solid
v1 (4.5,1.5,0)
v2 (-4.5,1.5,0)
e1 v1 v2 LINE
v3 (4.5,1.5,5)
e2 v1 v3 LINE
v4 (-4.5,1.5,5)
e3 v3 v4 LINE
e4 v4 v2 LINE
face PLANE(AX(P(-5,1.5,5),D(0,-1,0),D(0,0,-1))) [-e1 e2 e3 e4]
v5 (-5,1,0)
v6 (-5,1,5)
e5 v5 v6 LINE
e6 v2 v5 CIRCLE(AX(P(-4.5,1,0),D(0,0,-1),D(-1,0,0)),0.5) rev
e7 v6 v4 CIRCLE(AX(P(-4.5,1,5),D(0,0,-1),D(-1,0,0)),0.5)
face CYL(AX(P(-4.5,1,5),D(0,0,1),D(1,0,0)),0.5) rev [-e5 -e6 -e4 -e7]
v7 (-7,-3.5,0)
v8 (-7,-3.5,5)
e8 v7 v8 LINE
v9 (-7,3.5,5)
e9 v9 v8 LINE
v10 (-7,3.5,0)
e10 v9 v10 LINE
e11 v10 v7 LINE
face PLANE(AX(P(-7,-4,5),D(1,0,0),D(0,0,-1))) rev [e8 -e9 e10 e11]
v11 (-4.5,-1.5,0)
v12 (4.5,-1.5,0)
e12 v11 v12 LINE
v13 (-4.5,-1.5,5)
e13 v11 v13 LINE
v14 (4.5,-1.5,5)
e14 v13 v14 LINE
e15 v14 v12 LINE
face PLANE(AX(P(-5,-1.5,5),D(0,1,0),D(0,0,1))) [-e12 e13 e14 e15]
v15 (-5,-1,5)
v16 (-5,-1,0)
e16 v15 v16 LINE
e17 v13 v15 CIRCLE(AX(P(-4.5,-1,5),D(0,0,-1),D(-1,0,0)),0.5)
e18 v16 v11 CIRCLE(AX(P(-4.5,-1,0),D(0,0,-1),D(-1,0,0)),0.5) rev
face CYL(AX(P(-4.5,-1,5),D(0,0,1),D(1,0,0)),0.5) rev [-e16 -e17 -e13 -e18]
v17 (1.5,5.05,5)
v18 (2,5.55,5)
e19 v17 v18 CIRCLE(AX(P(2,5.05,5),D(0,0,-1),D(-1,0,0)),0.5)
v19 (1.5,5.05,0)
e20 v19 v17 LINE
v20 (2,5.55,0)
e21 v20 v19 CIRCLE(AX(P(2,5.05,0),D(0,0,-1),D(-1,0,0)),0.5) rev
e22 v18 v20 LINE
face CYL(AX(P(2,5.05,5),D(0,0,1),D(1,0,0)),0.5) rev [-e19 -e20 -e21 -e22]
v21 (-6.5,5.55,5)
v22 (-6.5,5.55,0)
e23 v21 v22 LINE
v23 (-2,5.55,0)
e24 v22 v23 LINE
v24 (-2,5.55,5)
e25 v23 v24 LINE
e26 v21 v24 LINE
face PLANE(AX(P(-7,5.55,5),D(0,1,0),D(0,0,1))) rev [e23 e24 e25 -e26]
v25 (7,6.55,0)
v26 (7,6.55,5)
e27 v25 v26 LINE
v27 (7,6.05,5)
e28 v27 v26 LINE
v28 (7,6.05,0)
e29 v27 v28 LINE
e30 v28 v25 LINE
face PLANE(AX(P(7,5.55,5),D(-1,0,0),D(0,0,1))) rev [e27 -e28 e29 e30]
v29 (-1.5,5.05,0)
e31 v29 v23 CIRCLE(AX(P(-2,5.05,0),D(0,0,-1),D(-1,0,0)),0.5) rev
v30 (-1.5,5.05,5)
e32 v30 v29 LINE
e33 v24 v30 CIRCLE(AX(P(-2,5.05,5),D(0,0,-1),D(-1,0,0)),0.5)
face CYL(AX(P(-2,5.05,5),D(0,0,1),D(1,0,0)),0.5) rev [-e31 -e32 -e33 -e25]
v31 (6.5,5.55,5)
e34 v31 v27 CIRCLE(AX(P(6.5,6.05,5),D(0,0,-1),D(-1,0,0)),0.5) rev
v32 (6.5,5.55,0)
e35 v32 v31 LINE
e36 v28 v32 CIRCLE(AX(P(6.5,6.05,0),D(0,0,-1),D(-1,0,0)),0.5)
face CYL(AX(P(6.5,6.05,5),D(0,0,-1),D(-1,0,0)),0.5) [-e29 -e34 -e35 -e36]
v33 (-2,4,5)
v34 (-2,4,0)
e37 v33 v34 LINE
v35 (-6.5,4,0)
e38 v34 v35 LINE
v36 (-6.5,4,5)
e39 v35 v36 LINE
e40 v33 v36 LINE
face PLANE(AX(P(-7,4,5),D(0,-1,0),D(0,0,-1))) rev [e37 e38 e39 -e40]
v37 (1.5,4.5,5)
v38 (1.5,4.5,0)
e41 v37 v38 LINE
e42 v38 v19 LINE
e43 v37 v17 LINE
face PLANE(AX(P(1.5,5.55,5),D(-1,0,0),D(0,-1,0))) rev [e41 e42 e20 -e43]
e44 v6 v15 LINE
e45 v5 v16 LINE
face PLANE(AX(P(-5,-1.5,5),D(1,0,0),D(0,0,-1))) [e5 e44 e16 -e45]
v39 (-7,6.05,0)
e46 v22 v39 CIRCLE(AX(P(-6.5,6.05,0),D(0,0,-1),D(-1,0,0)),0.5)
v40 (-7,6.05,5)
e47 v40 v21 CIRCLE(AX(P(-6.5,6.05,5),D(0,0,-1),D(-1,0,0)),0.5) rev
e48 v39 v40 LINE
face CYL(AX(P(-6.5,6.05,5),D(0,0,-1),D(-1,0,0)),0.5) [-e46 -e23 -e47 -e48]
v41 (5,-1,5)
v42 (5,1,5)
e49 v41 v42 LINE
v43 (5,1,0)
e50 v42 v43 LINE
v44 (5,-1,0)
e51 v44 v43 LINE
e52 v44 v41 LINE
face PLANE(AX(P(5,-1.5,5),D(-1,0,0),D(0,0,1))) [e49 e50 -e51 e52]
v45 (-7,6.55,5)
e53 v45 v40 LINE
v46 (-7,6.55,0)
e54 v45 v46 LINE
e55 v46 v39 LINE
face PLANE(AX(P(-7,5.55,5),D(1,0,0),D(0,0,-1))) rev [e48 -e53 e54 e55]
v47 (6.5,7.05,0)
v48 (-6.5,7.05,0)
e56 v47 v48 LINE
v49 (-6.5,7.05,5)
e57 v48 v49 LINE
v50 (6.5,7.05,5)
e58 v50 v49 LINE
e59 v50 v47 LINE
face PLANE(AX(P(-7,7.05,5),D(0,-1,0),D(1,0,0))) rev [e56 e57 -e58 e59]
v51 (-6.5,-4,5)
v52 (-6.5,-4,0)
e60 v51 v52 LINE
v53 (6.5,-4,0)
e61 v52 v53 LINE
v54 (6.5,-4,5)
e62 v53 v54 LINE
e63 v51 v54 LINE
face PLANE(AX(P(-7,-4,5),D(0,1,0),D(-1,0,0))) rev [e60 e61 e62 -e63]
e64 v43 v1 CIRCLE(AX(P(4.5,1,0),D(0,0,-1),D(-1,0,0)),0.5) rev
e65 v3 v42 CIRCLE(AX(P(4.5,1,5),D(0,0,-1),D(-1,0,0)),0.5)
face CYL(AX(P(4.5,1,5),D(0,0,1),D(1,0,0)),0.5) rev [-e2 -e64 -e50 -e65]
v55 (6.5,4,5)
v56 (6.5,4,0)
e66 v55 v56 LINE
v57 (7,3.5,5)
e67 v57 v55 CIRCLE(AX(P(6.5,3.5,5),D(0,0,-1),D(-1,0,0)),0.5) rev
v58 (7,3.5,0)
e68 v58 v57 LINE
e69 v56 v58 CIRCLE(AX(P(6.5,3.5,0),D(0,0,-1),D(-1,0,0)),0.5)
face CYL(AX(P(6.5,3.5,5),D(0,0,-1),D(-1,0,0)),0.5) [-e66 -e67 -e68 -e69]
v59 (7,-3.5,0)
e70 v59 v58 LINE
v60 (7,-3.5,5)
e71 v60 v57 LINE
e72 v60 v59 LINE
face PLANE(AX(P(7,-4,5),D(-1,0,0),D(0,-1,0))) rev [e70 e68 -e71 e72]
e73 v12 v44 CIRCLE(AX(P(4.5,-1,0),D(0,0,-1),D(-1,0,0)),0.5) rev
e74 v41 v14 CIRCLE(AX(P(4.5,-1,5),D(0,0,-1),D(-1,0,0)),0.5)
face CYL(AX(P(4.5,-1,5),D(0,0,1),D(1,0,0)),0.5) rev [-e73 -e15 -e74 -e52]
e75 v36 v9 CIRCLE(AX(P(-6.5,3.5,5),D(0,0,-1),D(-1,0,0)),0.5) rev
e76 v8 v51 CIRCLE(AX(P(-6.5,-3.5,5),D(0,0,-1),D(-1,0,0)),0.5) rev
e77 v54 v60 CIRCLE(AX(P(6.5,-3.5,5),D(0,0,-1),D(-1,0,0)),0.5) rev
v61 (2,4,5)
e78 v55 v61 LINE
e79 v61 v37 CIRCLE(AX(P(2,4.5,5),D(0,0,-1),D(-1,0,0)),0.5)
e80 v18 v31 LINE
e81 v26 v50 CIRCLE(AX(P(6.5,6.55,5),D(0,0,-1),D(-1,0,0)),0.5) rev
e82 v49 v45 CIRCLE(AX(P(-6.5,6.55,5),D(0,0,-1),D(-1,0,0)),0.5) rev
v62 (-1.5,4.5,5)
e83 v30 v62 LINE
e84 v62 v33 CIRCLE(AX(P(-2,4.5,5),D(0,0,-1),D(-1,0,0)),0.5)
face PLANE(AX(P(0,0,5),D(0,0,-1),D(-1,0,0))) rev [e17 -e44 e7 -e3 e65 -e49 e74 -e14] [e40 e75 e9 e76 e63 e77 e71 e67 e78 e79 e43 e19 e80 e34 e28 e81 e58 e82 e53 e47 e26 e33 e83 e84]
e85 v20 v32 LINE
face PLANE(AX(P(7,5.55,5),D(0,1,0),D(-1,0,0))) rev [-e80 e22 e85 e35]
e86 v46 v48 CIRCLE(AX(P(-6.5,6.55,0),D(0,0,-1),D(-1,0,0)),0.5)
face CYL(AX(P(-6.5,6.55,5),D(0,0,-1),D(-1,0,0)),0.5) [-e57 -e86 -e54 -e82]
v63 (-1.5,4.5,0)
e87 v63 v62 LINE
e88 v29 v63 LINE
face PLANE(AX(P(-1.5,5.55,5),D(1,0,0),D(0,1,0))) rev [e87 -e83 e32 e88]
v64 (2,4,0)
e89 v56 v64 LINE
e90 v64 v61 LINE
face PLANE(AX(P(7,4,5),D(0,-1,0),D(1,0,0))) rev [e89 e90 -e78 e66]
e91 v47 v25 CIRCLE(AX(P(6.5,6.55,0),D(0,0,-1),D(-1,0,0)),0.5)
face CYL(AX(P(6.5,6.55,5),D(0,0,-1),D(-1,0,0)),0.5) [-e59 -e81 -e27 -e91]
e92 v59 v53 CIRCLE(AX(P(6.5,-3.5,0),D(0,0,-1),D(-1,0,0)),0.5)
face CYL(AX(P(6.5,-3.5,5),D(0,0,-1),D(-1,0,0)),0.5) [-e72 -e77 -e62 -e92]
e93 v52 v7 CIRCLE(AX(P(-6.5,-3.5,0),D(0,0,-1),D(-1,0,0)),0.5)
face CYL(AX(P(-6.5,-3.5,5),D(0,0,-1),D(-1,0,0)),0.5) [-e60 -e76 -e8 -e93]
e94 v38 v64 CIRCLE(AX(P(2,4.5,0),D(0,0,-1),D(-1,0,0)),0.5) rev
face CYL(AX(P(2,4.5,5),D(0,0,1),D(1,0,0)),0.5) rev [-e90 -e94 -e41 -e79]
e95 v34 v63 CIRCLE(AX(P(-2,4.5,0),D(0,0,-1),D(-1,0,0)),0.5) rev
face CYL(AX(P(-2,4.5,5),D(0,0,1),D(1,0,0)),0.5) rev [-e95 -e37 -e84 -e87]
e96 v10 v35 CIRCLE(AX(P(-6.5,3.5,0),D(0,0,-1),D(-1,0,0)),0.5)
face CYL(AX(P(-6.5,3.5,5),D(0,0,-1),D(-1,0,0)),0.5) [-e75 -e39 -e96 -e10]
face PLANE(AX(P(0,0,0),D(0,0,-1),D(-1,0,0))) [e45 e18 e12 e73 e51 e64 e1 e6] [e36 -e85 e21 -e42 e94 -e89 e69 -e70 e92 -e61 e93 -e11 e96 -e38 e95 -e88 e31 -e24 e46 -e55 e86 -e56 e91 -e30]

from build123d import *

# Parameters (mm, degrees)
SKETCH1_W           = 10
SKETCH1_H           = 3
BOSS_EXTRUDE1_DEPTH = 5
FILLET2_R           = 0.5


with BuildPart() as part:
    # Sketch1 → Boss-Extrude1 (new body)
    with BuildSketch(Plane.XY):
        Polygon((-7, -4), (7, -4), (7, 4), (1.5, 4), (1.5, 5.55), (7, 5.55), (7, 7.05), (-7, 7.05), (-7, 5.55), (-1.5, 5.55), (-1.5, 4), (-7, 4), align=None)
        Rectangle(SKETCH1_W, SKETCH1_H, mode=Mode.SUBTRACT)
    extrude(amount=BOSS_EXTRUDE1_DEPTH)

    # Fillet2
    fillet2_edges = [part.edges().sort_by_distance(p)[0] for p in [
        (-7, 4, 2.5),
        (-1.5, 4, 2.5),
        (-1.5, 5.55, 2.5),
        (-7, 5.55, 2.5),
        (-7, 7.05, 2.5),
        (7, 7.05, 2.5),
        (7, 5.55, 2.5),
        (1.5, 5.55, 2.5),
        (1.5, 4, 2.5),
        (7, 4, 2.5),
        (7, -4, 2.5),
        (-7, -4, 2.5),
        (-5, 1.5, 2.5),
        (-5, -1.5, 2.5),
        (5, -1.5, 2.5),
        (5, 1.5, 2.5),
    ]]
    fillet(fillet2_edges, radius=FILLET2_R)


solid = part.part
